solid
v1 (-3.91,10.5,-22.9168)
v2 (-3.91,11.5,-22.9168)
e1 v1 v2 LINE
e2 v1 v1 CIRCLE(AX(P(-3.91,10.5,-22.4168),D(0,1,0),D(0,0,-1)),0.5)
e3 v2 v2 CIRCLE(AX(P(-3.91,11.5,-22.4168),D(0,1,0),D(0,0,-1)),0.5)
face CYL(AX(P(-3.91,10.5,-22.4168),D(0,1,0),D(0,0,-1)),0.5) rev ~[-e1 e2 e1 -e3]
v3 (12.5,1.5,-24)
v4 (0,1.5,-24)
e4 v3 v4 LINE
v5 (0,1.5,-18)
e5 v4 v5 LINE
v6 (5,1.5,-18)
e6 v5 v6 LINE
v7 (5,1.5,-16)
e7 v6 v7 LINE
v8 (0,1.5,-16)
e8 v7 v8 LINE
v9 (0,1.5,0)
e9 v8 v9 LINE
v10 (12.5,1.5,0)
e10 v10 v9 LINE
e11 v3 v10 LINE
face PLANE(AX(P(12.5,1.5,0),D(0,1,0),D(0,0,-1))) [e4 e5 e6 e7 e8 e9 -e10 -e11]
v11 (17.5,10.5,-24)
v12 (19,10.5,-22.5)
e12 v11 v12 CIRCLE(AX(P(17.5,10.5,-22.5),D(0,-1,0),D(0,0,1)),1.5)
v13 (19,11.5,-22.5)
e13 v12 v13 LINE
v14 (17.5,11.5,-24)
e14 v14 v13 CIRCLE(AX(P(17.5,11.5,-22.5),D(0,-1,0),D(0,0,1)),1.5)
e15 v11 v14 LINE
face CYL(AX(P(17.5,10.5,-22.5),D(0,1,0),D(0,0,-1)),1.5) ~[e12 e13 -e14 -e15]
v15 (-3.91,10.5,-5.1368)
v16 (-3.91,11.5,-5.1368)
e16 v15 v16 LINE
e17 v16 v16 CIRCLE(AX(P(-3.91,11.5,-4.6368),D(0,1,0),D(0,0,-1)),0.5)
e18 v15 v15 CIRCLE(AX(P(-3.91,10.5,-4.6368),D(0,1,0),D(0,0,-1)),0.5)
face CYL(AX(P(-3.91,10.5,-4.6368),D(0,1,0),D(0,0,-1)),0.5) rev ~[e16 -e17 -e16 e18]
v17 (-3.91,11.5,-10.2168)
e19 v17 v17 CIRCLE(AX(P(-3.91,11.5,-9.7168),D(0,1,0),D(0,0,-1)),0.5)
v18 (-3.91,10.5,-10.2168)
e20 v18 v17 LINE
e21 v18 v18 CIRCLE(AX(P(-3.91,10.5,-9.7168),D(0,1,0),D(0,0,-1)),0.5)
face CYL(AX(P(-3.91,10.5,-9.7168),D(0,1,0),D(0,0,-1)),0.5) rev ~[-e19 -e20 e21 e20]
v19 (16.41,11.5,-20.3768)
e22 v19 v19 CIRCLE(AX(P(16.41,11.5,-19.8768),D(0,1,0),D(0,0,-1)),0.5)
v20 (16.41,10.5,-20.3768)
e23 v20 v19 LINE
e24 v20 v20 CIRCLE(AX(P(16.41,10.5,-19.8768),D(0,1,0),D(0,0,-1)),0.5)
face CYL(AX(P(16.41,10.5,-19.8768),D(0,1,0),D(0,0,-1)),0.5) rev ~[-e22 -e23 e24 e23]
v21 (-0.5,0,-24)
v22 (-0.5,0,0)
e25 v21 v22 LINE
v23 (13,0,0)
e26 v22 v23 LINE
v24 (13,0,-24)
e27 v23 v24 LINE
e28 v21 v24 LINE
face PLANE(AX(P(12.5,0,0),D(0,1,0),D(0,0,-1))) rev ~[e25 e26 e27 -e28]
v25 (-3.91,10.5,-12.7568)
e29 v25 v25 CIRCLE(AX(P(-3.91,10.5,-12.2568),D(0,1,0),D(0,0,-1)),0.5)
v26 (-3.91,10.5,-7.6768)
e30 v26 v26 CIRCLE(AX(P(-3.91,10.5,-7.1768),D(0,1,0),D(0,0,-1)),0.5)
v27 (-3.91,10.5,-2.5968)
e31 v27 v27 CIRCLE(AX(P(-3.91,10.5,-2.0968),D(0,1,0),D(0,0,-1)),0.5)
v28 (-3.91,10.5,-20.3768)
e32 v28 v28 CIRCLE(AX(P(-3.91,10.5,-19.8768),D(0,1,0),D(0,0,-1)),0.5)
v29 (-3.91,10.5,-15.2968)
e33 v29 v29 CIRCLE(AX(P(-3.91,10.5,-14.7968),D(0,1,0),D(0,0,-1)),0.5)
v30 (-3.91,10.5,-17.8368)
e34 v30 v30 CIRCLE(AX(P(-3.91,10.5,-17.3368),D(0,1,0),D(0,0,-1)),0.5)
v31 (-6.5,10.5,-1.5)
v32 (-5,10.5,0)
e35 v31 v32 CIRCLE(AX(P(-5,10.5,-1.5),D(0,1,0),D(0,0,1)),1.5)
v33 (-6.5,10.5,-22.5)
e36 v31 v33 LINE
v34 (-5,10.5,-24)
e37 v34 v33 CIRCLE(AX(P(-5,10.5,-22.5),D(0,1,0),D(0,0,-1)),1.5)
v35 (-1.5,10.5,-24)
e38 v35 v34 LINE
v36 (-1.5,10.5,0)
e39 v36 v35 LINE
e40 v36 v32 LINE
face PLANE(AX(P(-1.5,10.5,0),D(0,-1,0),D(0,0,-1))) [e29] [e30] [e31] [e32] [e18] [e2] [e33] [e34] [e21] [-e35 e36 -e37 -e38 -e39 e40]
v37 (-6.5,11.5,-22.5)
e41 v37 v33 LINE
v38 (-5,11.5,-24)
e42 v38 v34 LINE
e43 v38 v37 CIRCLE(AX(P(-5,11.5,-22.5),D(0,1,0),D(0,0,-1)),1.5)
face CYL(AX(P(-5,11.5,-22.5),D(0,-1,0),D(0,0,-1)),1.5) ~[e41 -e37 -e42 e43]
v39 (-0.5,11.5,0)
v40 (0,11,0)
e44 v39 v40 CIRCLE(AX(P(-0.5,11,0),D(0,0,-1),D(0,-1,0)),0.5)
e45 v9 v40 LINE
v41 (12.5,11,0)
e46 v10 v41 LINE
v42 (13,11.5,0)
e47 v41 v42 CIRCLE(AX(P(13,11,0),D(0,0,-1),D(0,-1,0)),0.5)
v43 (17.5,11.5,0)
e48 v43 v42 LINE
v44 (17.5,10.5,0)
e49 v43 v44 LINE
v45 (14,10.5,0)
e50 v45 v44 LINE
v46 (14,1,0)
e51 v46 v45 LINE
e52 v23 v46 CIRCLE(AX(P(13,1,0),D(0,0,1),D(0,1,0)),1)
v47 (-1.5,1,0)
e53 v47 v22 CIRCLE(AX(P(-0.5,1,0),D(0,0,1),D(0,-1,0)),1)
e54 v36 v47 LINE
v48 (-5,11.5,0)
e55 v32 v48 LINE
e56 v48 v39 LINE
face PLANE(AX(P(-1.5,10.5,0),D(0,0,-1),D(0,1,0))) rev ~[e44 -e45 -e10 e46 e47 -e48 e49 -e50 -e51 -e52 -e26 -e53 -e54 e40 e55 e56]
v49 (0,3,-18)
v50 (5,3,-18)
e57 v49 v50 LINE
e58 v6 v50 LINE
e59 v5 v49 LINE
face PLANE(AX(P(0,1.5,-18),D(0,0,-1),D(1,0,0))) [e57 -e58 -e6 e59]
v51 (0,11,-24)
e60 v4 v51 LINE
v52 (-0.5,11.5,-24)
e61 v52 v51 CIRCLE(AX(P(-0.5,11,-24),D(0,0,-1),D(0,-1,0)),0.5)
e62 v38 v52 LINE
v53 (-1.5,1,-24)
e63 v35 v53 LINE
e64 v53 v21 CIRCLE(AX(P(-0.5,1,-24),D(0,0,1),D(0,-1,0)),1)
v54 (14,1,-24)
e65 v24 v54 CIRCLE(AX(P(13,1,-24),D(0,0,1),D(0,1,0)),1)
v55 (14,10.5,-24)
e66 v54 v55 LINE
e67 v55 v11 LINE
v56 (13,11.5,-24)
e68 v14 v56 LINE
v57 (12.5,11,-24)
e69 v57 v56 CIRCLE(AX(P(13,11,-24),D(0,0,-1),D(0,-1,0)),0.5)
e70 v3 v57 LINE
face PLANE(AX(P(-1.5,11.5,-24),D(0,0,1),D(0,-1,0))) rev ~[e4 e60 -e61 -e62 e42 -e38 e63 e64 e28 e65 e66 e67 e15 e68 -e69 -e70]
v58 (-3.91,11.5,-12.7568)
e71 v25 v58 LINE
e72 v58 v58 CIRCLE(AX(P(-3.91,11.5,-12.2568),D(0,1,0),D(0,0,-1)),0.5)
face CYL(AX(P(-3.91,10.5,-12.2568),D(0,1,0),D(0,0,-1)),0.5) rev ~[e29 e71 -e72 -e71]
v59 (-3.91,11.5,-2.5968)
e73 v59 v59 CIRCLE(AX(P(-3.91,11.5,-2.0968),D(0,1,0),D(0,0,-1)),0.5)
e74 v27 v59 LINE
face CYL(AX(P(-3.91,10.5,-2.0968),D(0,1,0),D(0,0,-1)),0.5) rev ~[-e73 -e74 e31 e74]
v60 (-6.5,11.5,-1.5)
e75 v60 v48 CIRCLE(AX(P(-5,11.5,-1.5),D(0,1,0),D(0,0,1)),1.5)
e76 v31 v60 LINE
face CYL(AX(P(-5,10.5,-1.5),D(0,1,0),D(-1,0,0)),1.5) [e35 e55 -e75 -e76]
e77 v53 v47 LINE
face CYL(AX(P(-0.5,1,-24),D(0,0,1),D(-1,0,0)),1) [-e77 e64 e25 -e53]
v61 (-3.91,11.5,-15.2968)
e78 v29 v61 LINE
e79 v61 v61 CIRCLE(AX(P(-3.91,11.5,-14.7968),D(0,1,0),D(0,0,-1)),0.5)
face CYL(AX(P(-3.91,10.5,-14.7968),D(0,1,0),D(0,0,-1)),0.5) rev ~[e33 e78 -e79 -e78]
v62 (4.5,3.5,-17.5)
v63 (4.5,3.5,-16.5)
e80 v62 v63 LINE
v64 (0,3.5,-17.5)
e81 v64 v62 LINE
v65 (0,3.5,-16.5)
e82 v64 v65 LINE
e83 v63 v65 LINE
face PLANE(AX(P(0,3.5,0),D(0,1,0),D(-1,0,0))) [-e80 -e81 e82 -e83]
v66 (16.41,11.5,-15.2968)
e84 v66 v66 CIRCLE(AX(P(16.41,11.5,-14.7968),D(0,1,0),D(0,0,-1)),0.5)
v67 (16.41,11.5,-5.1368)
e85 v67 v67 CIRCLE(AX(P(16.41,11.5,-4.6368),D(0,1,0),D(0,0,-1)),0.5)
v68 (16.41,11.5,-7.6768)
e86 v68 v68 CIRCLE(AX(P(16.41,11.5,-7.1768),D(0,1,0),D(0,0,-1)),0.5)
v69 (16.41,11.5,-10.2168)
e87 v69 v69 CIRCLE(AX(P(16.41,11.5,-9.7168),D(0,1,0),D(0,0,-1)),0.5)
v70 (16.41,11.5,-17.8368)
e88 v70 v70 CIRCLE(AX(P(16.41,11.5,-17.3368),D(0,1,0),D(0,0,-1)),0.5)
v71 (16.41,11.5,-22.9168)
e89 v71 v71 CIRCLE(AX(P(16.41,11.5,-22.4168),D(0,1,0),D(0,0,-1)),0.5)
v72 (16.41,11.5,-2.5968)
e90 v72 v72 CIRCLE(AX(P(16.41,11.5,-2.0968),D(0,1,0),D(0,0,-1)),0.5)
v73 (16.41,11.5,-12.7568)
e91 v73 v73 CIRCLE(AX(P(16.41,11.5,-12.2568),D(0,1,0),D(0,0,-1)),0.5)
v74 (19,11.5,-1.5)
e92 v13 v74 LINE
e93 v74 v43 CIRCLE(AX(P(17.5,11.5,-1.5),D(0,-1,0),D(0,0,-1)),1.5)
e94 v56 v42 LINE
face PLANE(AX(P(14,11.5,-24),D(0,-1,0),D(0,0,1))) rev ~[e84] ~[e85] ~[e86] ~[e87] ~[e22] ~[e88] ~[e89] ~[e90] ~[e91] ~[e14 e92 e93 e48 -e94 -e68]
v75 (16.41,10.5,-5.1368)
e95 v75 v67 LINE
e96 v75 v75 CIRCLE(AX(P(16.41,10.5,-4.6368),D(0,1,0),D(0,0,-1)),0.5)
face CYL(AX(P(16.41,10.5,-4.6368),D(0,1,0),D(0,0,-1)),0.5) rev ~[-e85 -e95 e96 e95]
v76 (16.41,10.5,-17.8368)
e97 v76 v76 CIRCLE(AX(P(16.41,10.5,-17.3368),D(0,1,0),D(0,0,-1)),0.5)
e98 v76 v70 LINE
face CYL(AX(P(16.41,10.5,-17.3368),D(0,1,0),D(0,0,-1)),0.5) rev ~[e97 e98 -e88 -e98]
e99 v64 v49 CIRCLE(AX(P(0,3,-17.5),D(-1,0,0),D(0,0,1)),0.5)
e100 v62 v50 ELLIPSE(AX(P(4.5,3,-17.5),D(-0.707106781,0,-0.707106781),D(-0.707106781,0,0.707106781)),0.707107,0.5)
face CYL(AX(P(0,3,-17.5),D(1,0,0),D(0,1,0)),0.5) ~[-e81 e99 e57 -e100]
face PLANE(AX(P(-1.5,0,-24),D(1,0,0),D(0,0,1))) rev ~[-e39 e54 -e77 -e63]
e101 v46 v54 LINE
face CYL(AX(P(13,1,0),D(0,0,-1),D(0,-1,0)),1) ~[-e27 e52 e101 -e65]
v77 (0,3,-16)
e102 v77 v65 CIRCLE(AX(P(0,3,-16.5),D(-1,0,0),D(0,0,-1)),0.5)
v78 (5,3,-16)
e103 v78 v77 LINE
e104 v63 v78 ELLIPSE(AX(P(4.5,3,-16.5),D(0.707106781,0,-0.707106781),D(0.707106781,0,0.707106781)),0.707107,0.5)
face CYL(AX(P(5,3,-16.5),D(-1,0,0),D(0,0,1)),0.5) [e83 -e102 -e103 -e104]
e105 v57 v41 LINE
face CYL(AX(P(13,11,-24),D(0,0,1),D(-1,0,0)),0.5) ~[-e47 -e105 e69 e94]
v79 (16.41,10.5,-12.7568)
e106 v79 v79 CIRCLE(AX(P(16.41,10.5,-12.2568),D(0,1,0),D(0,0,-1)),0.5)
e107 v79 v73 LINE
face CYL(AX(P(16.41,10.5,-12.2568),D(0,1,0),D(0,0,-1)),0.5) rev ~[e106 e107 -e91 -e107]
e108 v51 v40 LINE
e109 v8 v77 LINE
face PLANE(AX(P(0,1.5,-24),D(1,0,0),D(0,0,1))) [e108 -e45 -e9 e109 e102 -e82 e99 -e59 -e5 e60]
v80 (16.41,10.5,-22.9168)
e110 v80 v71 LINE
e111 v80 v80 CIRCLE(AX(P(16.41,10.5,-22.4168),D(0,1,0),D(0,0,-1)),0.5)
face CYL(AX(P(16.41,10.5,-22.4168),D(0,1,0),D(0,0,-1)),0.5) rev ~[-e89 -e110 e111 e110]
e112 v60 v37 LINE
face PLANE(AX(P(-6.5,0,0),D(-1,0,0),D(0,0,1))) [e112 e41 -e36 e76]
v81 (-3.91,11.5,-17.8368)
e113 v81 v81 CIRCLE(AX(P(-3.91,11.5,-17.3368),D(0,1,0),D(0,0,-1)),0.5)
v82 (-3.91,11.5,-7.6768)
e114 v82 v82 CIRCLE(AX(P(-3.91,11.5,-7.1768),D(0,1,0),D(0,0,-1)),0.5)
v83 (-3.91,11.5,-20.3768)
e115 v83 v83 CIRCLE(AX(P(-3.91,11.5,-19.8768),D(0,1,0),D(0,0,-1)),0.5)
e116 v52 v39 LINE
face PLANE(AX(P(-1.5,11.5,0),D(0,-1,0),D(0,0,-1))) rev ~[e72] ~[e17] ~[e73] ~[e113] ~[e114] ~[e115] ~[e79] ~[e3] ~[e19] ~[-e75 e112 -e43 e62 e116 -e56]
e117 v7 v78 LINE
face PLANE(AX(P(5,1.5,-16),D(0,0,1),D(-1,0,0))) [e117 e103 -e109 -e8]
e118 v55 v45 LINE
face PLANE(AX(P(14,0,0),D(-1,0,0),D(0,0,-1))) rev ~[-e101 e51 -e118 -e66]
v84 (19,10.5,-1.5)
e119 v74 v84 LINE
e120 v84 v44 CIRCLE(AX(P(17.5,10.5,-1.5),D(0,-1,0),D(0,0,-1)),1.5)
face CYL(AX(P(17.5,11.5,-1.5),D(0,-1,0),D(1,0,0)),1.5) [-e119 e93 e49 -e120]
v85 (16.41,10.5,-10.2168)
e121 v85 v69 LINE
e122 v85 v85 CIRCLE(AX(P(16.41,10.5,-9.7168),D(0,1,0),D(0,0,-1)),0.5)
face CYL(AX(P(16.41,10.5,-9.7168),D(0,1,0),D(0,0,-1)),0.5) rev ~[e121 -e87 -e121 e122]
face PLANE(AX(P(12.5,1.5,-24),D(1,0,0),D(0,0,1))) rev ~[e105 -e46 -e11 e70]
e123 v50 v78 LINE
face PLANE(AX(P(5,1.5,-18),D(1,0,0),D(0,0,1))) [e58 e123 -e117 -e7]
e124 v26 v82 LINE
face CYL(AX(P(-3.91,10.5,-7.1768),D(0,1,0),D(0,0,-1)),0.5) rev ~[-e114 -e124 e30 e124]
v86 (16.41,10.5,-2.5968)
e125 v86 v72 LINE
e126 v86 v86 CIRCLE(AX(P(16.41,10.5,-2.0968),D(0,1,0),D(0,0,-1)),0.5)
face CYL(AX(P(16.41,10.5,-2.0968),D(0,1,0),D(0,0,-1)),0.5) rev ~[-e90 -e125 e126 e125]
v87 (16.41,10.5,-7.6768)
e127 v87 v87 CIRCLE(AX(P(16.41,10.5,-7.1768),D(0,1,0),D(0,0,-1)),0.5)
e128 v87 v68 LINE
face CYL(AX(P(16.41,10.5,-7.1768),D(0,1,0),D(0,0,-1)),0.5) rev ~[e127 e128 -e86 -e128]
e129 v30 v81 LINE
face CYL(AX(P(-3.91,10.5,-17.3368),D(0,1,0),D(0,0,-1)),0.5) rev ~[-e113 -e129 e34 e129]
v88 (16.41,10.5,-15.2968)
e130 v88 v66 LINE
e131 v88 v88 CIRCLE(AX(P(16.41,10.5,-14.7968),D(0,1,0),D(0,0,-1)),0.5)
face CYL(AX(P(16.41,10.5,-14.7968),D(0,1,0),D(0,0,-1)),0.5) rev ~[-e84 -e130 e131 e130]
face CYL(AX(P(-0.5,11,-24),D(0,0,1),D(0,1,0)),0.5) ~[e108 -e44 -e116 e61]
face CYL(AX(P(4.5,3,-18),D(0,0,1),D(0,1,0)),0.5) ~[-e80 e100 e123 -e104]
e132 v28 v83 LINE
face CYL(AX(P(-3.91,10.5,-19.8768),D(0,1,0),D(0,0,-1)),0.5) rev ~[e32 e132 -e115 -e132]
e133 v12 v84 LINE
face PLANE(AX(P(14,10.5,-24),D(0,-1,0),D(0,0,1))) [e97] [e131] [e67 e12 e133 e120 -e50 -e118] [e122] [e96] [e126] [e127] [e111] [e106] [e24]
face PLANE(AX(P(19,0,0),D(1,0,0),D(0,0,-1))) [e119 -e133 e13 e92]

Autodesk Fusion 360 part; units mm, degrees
sketch "Sketch1" plane through (0, 0, 0) normal (0, 1, 0) x (1, 0, 0)
  line L0 (0, 0) -> (12.5, 0)
  line L1 (12.5, 0) -> (12.5, 24)
  line L2 (12.5, 24) -> (0, 24)
  line L3 (0, 24) -> (0, 0)
  dimension "d1" = 12.5
  dimension "d2" = 24
extrude "Extrude1" add sketch "Sketch1" along normal blind 1.5
extrude "Extrude2" add 1 faces at (0, 0.5, -16) along direction (-1, 0, 0) blind 1.5
extrude "Extrude3" add 1 faces at (12.5, 0.5, -8) along direction (1, 0, 0) blind 1.5
sketch "Sketch2" plane through (0, 1.5, 0) normal (0, 1, 0) x (-1, 0, 0)
  line L0 (1.5, 0) -> (-14, 0)
  line L1 (-14, 0) -> (-14, -24)
  line L2 (-14, -24) -> (1.5, -24)
  line L3 (1.5, -24) -> (1.5, 0)
  line L4 (1.5, -24) -> (0, -24)
  line L5 (0, -24) -> (0, 0)
  line L6 (0, 0) -> (1.5, 0)
  line L7 (1.5, 0) -> (1.5, -24)
  line L8 (-14, -24) -> (-12.5, -24)
  line L9 (-12.5, -24) -> (-12.5, 0)
  line L10 (-12.5, 0) -> (-14, 0)
  line L11 (-14, 0) -> (-14, -24)
  dimension "d9" = 1.5
extrude "Extrude4" add sketch "Sketch2" along normal blind 10 contours L0 L2 L3 L4 L5 L6 L7 | L0 L1 L2 L8 L9 L10 L11
sketch "Sketch3" plane through (14, 0, 0) normal (1, 0, 0) x (0, 0, -1)
  line L0 (0, 0) -> (24, 0)
  line L1 (24, 0) -> (24, 11.5)
  line L2 (24, 11.5) -> (0, 11.5)
  line L3 (0, 11.5) -> (0, 0)
  line L4 (0, 11.5) -> (24, 11.5)
  line L5 (24, 11.5) -> (24, 10.5)
  line L6 (24, 10.5) -> (0, 10.5)
  line L7 (0, 10.5) -> (0, 11.5)
  dimension "d12" = 1
extrude "Extrude5" add sketch "Sketch3" along normal blind 5 contours L1 L2 L3 L4 L5 L6 L7
sketch "Sketch4" plane through (-1.5, 0, 0) normal (-1, 0, 0) x (0, 0, 1)
  line L0 (-24, 0) -> (0, 0)
  line L1 (0, 0) -> (0, 11.5)
  line L2 (0, 11.5) -> (-24, 11.5)
  line L3 (-24, 11.5) -> (-24, 0)
  line L4 (-24, 11.5) -> (0, 11.5)
  line L5 (0, 11.5) -> (0, 10.5)
  line L6 (0, 10.5) -> (-24, 10.5)
  line L7 (-24, 10.5) -> (-24, 11.5)
  dimension "d15" = 1
extrude "Extrude6" add sketch "Sketch4" along normal blind 5 contours L1 L2 L3 L4 L5 L6 L7
ref_plane "WorkPlane1" through (-4, 10.5, -12) normal (0, -1, 0) x (0, 0, 1)
sketch "Sketch5" plane through (-4, 10.5, -12) normal (0, -1, 0) x (1, 0, 0)
  line L0 (23, 12) -> (23, -12)
  line L1 (-2.5, -12) -> (-2.5, 12)
  point P0 (0.09, 9.9032)
  point P1 (20.41, 9.9032)
  point P2 (0.09, 7.3632)
  point P3 (0.09, 4.8232)
  point P4 (0.09, 2.2832)
  point P5 (0.09, -0.2568)
  point P6 (0.09, -2.7968)
  point P7 (0.09, -5.3368)
  point P8 (0.09, -7.8768)
  point P9 (0.09, -10.4168)
  point P10 (20.41, 7.3632)
  point P11 (20.41, 4.8232)
  point P12 (20.41, 2.2832)
  point P13 (20.41, -0.2568)
  point P14 (20.41, -2.7968)
  point P15 (20.41, -5.3368)
  point P16 (20.41, -7.8768)
  point P17 (20.41, -10.4168)
  dimension "d19" = 20.32
  dimension "d20" = 2.59
  dimension "d21" = 2.59
  dimension "d24" = 0
  dimension "d25" = -20.32
  dimension "d28" = 0
  dimension "d29" = -20.32
hole "Hole1" at (-3.91, 10.5, -2.0968) at (-3.91, 10.5, -4.6368) at (-3.91, 10.5, -7.1768) at (-3.91, 10.5, -9.7168) at (-3.91, 10.5, -12.2568) at (-3.91, 10.5, -14.7968) at (-3.91, 10.5, -17.3368) at (-3.91, 10.5, -19.8768) at (-3.91, 10.5, -22.4168) at (16.41, 10.5, -2.0968) at (16.41, 10.5, -4.6368) at (16.41, 10.5, -7.1768) at (16.41, 10.5, -9.7168) at (16.41, 10.5, -12.2568) at (16.41, 10.5, -14.7968) at (16.41, 10.5, -17.3368) at (16.41, 10.5, -19.8768) at (16.41, 10.5, -22.4168) direction (0, 1, 0) diameter 1 depth 7 tip angle 118
sketch "Sketch6" plane through (0, 1.5, 0) normal (0, 1, 0) x (-1, 0, 0)
  line L0 (-12.5, 0) -> (-12.5, -24)
  line L1 (-12.5, -24) -> (0, -24)
  line L2 (0, -24) -> (0, 0)
  line L3 (0, 0) -> (-12.5, 0)
  line L4 (0, -18) -> (-5, -18)
  line L5 (-5, -18) -> (-5, -16)
  line L6 (-5, -16) -> (0, -16)
  line L7 (0, -16) -> (0, -18)
  dimension "d33" = 5
  dimension "d34" = 2
  dimension "d35" = 6
extrude "Extrude7" add sketch "Sketch6" along normal blind 2 contours L2 L4 L5 L6 L7
fillet "Fillet1" radius 1 2 edges at (-1.5, 0, -12) (14, 0, -12)
fillet "Fillet2" radius 0.5 2 edges at (0, 11.5, -12) (12.5, 11.5, -12)
fillet "Fillet3" radius 1.5 4 edges at (19, 11, -24) (19, 11, 0) (-6.5, 11, 0) (-6.5, 11, -24)
fillet "Fillet4" radius 0.5 3 edges at (5, 3.5, -17) (2.5, 3.5, -18) (2.5, 3.5, -16)
